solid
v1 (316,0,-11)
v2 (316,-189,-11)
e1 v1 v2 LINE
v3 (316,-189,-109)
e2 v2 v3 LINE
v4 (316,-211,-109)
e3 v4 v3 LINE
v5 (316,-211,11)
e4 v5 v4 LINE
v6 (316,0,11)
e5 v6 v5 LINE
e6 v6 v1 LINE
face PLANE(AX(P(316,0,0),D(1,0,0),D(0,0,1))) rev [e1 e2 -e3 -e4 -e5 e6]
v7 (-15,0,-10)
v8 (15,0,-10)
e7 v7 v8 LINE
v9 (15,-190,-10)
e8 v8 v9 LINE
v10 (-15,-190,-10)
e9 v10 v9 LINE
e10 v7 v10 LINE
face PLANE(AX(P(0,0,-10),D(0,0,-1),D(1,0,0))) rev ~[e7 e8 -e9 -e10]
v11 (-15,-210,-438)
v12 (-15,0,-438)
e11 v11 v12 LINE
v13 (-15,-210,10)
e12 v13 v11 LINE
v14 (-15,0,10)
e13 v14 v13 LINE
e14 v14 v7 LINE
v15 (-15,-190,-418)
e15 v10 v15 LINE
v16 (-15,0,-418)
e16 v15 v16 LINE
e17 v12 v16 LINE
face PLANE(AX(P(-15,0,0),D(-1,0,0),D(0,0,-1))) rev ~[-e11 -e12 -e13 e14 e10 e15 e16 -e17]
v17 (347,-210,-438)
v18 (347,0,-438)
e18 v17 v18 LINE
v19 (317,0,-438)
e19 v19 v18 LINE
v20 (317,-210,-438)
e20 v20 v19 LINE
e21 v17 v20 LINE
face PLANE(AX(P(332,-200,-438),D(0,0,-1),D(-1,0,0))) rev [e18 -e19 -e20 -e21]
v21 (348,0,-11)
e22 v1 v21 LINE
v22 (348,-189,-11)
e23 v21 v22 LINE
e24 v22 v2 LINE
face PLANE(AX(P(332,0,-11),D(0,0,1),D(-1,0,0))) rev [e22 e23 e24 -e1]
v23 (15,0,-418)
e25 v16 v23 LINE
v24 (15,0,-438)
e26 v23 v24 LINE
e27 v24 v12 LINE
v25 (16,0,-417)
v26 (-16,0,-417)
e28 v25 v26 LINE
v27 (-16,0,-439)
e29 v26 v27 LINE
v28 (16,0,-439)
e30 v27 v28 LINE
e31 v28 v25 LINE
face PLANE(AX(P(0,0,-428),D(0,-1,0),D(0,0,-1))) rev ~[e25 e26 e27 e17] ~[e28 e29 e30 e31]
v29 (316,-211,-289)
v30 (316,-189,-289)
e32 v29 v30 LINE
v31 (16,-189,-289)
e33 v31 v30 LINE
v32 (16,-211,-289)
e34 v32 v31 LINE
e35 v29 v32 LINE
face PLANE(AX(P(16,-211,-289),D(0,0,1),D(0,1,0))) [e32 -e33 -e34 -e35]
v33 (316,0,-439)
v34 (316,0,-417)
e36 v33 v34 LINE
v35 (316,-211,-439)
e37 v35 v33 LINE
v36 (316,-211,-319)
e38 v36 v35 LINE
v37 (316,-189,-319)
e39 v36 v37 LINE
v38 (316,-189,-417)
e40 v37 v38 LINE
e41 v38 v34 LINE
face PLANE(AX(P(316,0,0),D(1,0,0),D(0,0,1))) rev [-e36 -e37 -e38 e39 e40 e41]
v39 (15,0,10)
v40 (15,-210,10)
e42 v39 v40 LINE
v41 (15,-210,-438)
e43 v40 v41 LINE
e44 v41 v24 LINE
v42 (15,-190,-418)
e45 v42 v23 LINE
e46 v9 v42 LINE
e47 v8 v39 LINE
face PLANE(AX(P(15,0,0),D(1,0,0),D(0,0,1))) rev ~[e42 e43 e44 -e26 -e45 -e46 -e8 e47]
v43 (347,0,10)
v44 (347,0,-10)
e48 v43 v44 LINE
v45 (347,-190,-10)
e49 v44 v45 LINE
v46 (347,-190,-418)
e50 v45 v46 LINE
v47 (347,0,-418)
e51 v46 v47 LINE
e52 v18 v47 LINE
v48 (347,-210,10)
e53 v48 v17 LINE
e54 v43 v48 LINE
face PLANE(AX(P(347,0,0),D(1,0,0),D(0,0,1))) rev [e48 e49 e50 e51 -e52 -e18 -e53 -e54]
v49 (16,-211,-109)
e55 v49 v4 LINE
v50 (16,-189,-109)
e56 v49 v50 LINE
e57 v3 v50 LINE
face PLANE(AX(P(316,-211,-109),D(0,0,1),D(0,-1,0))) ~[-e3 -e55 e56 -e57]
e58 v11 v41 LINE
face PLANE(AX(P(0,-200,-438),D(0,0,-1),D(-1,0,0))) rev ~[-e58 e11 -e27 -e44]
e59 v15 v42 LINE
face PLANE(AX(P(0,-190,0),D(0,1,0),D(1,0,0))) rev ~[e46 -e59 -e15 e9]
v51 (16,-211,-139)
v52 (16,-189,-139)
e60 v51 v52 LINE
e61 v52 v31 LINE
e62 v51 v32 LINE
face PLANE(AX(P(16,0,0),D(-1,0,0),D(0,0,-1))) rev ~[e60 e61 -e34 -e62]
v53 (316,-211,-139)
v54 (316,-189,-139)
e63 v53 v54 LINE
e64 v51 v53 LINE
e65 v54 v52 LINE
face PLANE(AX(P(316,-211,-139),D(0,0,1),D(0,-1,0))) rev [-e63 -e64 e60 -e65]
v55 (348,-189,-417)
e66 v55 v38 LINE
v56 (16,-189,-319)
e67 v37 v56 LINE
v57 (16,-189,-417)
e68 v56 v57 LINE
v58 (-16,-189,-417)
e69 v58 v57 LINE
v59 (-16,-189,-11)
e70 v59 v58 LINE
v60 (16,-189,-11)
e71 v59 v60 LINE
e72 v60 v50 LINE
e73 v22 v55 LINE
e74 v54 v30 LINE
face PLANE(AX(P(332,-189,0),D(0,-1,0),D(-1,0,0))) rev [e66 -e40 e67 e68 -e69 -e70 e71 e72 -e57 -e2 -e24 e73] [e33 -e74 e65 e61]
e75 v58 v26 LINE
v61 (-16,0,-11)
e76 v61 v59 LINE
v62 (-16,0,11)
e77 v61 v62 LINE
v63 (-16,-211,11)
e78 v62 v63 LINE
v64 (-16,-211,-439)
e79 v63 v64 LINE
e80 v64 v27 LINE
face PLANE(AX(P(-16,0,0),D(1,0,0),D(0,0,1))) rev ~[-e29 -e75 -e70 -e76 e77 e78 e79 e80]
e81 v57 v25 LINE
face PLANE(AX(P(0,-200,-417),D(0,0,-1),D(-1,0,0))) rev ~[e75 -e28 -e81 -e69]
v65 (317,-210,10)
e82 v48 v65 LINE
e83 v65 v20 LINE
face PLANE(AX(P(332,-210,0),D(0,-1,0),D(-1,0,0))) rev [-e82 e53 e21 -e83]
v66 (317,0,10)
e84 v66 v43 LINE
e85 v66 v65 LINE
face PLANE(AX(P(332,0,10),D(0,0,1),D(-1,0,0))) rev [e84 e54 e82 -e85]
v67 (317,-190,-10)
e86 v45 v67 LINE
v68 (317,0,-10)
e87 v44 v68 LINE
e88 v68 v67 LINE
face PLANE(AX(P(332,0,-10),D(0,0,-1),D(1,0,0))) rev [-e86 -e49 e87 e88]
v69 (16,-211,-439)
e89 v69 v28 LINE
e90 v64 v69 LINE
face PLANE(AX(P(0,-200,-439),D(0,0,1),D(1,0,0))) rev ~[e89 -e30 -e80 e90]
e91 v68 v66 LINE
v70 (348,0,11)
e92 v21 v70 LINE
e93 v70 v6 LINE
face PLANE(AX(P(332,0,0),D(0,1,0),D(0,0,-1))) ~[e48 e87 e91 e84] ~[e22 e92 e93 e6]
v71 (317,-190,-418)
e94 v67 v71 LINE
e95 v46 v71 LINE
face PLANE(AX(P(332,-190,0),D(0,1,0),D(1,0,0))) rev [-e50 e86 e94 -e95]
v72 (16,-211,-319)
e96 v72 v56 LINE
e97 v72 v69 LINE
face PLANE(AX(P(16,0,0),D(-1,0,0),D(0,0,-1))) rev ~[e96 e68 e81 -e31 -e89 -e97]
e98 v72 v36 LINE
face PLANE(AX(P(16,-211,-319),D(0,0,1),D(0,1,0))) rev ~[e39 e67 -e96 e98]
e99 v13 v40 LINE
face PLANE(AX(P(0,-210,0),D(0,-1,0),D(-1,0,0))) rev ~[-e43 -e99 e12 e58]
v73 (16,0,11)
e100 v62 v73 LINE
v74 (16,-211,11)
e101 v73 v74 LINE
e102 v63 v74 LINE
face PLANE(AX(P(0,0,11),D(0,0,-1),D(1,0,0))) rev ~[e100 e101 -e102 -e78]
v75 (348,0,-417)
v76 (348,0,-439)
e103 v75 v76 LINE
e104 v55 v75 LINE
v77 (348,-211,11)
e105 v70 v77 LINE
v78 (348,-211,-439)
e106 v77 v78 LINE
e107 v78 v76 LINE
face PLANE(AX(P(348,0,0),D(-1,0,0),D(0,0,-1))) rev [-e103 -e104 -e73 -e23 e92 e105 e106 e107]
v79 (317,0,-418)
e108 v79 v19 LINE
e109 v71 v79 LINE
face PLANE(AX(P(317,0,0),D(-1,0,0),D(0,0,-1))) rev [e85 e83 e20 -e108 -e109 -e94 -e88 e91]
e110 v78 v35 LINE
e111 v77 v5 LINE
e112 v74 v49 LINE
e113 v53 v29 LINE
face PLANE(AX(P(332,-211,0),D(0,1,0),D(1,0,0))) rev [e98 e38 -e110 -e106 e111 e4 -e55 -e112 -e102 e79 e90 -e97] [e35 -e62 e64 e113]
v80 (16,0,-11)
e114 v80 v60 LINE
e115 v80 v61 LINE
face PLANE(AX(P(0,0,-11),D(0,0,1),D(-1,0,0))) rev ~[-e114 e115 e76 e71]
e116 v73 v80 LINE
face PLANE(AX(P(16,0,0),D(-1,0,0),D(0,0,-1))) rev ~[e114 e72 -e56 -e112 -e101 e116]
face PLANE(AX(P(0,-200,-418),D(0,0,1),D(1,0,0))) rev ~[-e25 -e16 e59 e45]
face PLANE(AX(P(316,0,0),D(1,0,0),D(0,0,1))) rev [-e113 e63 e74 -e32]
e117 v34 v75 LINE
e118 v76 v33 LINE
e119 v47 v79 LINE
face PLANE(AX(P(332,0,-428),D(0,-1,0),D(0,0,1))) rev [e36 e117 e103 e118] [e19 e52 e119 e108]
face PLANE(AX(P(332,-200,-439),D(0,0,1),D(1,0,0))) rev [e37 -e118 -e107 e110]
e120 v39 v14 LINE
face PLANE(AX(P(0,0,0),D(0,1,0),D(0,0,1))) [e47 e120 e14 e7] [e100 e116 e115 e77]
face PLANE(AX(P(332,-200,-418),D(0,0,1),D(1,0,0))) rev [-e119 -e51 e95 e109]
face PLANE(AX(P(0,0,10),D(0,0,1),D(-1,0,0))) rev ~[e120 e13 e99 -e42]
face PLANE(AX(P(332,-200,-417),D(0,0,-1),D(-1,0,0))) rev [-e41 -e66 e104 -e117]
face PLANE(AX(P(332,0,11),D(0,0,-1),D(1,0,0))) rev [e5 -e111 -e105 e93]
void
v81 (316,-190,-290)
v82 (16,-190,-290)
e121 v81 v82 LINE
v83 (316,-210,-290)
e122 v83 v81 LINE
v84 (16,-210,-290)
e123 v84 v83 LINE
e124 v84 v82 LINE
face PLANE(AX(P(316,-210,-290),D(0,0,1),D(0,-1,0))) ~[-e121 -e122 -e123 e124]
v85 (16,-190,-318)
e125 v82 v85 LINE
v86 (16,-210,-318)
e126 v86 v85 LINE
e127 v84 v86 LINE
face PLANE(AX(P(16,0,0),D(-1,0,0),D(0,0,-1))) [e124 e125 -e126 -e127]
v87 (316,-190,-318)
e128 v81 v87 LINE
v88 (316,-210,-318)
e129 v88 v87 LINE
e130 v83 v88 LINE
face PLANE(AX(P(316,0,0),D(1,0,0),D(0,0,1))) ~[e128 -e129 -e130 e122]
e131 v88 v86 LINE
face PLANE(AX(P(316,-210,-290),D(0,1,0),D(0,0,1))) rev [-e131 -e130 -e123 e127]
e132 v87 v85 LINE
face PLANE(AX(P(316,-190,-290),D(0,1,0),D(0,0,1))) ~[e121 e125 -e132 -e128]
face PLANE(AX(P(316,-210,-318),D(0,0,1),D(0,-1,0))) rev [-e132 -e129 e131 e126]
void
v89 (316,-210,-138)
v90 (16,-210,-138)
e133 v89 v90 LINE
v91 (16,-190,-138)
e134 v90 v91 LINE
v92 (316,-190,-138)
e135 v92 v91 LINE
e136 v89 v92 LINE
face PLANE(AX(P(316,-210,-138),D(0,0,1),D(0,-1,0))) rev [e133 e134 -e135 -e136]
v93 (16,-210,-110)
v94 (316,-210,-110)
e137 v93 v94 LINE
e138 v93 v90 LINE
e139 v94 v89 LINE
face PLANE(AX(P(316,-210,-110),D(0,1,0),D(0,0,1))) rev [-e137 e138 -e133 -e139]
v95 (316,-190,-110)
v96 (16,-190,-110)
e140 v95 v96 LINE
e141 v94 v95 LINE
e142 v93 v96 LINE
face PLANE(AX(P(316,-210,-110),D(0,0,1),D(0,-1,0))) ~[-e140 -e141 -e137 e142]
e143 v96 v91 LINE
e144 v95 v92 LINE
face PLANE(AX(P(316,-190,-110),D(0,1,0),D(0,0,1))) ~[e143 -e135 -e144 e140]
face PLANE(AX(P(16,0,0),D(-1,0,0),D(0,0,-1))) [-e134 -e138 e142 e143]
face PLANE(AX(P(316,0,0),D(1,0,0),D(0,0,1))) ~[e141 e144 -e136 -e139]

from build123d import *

# Parameters (mm, degrees)
SKETCH1_W           = 32
SKETCH1_H           = 22
SKETCH1_W_2         = 30
SKETCH1_H_2         = 20
SKETCH3_W           = 30
SKETCH3_H           = 22
SKETCH3_W_2         = 28
SKETCH3_H_2         = 20
EXTRUDE_THIN1_DEPTH = 150


with BuildPart() as part:
    # Sweep-Thin1: sweep along a path in Sketch2
    with BuildLine(Plane(origin=(0, 0, 0), x_dir=(0, 0, -1), z_dir=(1, 0, 0))) as sweep_thin1_path:
        Line((0, 0), (0, -200))
        Line((0, -200), (428, -200))
        Line((428, -200), (428, 0))
    # Sketch1 → Sweep-Thin1 (sweep)
    with BuildSketch(Plane(origin=(0, 0, 0), x_dir=(1, 0, 0), z_dir=(0, 1, 0))):
        Rectangle(SKETCH1_W, SKETCH1_H)
        Rectangle(SKETCH1_W_2, SKETCH1_H_2, mode=Mode.SUBTRACT)
    sweep_thin1 = sweep(path=sweep_thin1_path.line, transition=Transition.RIGHT)

    # Sketch3 → Extrude-Thin1 (add)
    # profile 1 of 2: a face of its own
    with BuildSketch(Plane(origin=(16, 0, 0), x_dir=(0, 0, -1), z_dir=(1, 0, 0))):
        with Locations((124, -200)):
            Rectangle(SKETCH3_W, SKETCH3_H)
        with Locations((124, -200)):
            Rectangle(SKETCH3_W_2, SKETCH3_H_2, mode=Mode.SUBTRACT)
    # profile 2 of 2: a face of its own
    with BuildSketch(Plane(origin=(16, 0, 0), x_dir=(0, 0, -1), z_dir=(1, 0, 0))):
        with Locations((304, -200)):
            Rectangle(SKETCH3_W, SKETCH3_H)
        with Locations((304, -200)):
            Rectangle(SKETCH3_W_2, SKETCH3_H_2, mode=Mode.SUBTRACT)
    extrude_thin1 = extrude(amount=EXTRUDE_THIN1_DEPTH)

    # Mirror9: Extrude-Thin1 across plane
    add(extrude_thin1.mirror(Plane(origin=(166, 0, 0), x_dir=(0, 0, 1), z_dir=(1, 0, 0))))

    # Mirror10: Sweep-Thin1 across plane
    add(sweep_thin1.mirror(Plane(origin=(166, 0, 0), x_dir=(0, 0, 1), z_dir=(1, 0, 0))))


solid = part.part
